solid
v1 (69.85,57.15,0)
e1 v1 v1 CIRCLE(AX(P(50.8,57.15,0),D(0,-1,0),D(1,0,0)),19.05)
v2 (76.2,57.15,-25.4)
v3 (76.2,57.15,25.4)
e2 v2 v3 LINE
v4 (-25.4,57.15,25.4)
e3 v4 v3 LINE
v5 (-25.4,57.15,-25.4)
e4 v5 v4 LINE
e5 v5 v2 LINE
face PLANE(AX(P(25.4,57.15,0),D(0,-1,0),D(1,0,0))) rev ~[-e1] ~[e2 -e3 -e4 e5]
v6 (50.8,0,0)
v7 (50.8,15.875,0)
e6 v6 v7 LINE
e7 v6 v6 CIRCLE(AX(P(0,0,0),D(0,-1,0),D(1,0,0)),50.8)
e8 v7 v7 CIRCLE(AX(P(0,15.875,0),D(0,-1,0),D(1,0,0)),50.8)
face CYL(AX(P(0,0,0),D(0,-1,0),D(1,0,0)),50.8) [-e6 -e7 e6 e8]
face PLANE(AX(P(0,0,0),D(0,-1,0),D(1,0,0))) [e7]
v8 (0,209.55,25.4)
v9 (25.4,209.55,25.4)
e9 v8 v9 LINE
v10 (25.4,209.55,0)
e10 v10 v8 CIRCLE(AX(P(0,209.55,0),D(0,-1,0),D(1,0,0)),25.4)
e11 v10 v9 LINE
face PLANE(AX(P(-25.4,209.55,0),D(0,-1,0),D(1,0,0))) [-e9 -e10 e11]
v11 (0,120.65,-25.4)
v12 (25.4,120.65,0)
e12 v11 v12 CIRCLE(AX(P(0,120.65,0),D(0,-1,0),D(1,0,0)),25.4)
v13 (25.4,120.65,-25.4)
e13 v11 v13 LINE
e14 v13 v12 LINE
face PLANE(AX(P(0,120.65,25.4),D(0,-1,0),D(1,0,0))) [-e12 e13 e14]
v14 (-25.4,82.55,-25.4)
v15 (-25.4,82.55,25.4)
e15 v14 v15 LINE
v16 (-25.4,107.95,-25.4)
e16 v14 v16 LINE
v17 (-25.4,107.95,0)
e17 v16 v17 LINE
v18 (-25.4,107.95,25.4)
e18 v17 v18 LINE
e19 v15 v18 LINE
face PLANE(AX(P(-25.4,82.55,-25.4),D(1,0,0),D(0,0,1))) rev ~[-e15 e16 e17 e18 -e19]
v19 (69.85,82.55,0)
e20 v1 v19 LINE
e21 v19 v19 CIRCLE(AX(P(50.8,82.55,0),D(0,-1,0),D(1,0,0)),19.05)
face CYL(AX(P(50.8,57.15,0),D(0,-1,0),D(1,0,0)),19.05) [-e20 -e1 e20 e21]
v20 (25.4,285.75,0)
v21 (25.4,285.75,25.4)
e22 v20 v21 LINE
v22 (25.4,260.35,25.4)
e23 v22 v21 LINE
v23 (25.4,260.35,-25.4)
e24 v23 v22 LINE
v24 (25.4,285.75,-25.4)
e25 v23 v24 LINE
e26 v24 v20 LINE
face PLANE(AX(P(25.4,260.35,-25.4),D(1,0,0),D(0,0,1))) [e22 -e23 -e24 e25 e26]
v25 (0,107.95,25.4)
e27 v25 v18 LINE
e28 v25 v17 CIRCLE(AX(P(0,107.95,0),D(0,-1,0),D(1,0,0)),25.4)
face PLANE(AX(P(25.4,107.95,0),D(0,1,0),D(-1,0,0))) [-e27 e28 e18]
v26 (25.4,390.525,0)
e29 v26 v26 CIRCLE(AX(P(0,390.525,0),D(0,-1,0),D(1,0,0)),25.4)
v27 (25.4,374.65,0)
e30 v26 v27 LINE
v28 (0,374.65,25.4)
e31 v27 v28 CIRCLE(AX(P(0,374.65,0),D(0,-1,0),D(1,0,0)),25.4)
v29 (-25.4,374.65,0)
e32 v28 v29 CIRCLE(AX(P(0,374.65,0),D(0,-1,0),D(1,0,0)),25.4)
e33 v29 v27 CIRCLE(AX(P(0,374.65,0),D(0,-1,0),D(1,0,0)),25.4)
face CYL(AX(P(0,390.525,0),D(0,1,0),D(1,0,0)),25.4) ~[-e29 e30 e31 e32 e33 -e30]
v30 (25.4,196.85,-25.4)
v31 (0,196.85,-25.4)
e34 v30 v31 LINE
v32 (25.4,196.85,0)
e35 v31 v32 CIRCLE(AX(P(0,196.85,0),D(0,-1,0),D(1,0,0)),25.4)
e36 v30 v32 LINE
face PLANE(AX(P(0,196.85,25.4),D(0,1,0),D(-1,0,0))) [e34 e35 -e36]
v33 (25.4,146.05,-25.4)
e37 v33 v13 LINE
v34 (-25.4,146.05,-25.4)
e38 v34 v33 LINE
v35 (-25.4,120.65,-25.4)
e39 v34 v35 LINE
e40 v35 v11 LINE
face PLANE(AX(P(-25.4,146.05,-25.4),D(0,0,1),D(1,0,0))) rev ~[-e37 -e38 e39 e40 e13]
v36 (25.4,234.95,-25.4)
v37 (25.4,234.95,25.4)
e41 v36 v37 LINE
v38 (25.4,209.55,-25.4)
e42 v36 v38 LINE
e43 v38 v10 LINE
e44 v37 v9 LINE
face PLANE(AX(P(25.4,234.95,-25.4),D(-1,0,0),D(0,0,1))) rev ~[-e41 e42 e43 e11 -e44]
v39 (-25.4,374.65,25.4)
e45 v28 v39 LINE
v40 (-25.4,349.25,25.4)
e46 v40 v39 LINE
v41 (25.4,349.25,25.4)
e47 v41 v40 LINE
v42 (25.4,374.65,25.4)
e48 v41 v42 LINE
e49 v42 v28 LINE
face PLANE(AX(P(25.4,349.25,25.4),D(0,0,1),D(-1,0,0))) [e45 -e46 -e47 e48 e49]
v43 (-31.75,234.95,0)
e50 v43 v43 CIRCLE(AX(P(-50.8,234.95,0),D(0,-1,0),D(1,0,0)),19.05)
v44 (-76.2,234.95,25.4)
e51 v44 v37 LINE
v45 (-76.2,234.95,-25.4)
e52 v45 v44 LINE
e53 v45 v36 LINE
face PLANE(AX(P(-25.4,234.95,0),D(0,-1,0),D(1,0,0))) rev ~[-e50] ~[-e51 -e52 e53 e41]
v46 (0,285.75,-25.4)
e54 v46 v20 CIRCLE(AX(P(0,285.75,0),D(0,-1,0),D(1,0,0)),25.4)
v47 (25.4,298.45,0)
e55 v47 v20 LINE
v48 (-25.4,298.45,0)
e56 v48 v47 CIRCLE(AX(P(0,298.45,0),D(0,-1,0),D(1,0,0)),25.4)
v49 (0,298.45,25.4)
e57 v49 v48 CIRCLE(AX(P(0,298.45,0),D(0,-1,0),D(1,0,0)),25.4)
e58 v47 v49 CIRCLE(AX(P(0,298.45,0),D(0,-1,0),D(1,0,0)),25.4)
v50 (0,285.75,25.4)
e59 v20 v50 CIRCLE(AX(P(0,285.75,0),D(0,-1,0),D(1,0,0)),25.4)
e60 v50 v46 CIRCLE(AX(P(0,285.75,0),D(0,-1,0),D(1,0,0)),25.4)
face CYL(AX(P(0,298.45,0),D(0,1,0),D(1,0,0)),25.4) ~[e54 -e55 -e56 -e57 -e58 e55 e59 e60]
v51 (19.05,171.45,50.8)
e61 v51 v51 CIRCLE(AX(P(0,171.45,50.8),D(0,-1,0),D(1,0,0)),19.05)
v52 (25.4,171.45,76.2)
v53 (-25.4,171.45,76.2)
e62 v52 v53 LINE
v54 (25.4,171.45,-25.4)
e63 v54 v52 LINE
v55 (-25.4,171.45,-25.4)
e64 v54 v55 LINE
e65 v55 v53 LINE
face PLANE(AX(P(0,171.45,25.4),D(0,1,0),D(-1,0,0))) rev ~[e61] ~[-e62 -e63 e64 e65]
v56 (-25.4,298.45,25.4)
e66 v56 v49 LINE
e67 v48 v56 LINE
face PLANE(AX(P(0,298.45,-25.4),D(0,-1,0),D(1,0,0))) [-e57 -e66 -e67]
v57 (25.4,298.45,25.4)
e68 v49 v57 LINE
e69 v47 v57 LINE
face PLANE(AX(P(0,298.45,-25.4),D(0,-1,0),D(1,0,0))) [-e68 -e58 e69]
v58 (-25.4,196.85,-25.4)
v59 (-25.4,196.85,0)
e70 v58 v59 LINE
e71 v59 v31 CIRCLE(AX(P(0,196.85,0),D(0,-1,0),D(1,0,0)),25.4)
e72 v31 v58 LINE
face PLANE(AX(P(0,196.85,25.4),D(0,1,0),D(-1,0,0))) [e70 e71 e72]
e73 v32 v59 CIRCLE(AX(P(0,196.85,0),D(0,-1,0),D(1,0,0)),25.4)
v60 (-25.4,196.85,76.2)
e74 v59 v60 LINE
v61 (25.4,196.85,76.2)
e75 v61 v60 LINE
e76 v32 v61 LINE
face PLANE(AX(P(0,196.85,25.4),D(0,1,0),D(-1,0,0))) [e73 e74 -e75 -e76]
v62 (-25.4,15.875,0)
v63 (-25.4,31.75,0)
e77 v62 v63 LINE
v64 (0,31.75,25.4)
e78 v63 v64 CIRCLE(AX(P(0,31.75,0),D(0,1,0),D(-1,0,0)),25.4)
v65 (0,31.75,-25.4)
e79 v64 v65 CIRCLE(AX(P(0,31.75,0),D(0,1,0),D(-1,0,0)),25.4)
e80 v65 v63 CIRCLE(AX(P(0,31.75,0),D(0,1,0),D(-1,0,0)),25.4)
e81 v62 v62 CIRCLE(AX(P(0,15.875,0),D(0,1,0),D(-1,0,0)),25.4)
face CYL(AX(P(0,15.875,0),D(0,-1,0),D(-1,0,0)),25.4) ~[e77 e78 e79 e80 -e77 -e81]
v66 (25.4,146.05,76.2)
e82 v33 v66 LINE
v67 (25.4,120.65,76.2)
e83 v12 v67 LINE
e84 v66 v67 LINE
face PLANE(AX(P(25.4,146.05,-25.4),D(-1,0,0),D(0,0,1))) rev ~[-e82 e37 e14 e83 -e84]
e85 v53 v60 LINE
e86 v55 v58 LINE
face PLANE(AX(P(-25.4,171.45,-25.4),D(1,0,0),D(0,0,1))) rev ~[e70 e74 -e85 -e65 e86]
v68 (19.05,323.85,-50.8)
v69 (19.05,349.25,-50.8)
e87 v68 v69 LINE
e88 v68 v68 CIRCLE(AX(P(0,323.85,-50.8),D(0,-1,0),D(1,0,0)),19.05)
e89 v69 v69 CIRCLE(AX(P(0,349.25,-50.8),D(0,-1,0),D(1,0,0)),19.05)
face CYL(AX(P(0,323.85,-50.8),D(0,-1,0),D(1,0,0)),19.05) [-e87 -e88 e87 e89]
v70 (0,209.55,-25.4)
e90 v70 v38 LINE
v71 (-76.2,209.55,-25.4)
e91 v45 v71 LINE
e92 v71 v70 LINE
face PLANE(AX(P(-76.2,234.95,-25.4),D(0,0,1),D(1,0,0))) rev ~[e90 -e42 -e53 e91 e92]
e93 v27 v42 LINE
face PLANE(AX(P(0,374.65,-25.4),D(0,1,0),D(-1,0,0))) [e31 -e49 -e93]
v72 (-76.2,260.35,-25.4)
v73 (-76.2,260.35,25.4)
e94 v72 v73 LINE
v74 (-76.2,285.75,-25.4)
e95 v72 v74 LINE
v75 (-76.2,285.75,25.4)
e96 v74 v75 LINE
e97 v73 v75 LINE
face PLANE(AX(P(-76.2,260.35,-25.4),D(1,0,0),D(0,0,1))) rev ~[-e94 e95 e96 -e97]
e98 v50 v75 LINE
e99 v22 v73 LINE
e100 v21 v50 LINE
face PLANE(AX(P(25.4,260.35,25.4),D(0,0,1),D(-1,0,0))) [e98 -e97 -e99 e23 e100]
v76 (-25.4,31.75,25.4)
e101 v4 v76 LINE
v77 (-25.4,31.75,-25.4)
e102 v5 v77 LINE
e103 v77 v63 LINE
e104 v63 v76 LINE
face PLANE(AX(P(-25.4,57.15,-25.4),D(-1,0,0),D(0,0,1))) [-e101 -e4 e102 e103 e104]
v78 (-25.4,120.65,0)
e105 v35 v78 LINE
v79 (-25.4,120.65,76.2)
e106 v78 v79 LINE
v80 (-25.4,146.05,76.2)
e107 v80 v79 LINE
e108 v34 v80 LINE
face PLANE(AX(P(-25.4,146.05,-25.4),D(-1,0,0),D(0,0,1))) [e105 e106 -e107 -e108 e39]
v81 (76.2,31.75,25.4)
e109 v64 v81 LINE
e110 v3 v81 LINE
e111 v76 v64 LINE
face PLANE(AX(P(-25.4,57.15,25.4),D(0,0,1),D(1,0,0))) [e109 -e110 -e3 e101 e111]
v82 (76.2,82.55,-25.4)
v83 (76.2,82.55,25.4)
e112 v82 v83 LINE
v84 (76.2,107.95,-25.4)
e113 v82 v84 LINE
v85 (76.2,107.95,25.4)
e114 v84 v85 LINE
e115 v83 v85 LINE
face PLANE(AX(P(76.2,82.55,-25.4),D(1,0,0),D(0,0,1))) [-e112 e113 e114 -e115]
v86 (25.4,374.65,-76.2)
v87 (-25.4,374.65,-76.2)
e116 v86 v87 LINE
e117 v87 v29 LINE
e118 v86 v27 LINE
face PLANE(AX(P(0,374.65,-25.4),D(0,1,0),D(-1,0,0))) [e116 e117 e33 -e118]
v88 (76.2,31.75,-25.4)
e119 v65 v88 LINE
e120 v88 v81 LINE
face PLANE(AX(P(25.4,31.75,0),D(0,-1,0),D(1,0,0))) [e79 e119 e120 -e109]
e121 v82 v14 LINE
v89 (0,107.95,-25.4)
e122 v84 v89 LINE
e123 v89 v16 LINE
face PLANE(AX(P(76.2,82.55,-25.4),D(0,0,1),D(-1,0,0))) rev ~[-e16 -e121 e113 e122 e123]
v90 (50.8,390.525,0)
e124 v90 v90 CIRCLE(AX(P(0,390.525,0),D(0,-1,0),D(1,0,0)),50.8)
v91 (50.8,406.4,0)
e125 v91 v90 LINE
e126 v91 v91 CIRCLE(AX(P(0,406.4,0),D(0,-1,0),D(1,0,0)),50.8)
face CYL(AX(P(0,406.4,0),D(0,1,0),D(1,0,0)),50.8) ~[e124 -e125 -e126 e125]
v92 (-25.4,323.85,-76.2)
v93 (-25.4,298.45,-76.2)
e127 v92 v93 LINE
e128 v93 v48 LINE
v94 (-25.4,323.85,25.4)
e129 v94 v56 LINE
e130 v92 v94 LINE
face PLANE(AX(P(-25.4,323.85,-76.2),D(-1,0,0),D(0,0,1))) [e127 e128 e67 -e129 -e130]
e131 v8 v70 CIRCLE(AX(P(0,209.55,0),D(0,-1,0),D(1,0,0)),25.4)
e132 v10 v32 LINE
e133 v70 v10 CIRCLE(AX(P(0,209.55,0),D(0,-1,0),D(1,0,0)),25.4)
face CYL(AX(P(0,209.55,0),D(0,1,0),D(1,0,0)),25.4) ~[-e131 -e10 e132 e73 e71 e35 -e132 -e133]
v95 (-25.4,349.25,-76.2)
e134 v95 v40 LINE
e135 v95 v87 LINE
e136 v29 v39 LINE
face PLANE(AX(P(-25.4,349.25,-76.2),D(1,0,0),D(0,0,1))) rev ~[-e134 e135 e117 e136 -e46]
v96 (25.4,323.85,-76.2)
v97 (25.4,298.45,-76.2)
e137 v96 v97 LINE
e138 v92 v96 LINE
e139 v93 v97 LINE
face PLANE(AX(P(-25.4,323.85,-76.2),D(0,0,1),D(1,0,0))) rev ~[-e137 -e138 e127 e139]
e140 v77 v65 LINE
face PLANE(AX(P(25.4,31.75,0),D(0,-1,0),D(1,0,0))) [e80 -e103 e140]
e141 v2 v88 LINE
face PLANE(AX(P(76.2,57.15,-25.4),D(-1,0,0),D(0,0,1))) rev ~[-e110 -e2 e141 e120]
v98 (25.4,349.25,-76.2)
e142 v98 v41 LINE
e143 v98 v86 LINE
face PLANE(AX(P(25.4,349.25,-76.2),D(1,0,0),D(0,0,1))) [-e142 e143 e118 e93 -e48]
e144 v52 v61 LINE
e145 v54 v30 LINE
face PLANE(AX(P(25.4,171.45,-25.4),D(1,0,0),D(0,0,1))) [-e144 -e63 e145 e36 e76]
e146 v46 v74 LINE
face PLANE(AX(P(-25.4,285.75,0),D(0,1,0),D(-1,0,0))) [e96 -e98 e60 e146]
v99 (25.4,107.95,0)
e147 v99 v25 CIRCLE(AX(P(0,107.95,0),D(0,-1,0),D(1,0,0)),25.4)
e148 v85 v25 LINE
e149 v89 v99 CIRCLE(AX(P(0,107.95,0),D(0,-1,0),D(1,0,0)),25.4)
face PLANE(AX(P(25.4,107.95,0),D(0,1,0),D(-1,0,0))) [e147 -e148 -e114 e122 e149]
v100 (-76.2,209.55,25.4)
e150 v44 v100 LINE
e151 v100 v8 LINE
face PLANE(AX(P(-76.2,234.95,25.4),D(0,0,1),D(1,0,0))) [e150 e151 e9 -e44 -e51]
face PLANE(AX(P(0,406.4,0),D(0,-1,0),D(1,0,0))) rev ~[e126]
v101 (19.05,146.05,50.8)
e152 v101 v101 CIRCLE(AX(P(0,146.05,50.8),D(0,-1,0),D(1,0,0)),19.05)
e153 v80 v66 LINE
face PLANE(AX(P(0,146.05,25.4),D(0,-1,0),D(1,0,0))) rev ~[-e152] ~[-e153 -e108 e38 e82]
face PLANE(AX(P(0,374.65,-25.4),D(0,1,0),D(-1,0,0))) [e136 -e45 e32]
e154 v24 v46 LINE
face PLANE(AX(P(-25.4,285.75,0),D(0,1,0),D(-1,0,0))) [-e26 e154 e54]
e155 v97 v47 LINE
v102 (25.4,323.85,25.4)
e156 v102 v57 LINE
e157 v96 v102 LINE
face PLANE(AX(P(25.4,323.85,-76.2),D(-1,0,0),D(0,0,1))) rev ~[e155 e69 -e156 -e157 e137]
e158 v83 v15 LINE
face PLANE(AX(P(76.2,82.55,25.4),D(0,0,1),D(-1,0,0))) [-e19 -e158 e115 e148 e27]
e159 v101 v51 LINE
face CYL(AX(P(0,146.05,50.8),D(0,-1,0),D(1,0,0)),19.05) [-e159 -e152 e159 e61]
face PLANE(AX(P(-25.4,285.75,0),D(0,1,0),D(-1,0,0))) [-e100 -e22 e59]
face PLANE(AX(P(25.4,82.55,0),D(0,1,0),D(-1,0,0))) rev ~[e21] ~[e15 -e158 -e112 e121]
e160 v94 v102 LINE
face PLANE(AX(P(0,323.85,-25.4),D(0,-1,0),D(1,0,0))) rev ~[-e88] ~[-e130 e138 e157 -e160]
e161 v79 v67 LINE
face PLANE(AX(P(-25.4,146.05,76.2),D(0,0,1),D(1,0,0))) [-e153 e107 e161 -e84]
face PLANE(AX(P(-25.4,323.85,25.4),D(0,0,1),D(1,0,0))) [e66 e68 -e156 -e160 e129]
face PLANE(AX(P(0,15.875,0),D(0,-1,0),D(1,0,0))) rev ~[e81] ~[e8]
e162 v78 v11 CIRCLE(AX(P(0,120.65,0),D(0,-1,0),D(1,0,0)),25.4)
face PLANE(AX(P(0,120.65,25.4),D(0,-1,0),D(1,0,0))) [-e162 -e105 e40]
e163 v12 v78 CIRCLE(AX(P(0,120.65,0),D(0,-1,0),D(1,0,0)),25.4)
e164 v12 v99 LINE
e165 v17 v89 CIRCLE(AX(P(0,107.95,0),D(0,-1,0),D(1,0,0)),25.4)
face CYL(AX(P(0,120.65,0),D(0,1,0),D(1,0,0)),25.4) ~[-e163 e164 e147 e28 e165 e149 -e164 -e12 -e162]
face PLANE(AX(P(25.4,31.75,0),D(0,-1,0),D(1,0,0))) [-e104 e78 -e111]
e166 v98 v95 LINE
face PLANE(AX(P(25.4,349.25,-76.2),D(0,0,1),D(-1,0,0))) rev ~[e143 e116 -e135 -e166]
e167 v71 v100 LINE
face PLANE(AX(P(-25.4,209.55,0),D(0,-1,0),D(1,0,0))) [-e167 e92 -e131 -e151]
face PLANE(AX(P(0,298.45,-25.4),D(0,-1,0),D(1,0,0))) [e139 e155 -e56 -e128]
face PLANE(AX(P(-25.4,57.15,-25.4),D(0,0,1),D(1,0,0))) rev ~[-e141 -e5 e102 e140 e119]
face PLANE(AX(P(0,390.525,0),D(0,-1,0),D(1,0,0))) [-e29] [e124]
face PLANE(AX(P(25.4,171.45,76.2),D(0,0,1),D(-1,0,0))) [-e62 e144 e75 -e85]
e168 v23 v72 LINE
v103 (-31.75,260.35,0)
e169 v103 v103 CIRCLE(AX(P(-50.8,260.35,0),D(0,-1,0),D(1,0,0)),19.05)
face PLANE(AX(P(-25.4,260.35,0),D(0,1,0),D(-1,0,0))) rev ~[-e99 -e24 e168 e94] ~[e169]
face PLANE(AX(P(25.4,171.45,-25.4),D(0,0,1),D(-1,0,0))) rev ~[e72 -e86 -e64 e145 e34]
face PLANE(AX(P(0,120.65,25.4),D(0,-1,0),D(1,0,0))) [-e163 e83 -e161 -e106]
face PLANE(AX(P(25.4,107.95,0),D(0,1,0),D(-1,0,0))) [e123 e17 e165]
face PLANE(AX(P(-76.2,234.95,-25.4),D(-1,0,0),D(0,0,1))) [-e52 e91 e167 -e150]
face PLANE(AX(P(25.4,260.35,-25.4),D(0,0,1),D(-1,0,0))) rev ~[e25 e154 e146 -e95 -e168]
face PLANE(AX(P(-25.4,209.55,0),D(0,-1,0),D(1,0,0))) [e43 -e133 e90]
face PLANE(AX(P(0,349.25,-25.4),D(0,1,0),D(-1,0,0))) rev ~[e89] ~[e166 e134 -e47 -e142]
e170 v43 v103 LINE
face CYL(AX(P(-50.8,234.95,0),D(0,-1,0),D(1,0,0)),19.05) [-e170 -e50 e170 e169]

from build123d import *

# Parameters (mm, degrees)
F5_R      = 50.8
F6_DEPTH  = 15.875
F7_R      = 50.8
F8_DEPTH  = 15.875
F9_R      = 19.05
F10_DEPTH = 25.4
F11_R     = 19.05
F12_DEPTH = 25.4
F13_R     = 19.05
F14_DEPTH = 25.4
F15_R     = 19.05
F16_DEPTH = 25.4
F17_W     = 50.8
F17_H     = 101.6
F18_DEPTH = 25.4
F19_W     = 50.8
F19_H     = 101.6
F20_DEPTH = 25.4
F21_W     = 101.6
F21_H     = 50.8
F22_DEPTH = 25.4
F23_W     = 101.6
F23_H     = 50.8
F24_DEPTH = 25.4
F25_W     = 50.8
F25_H     = 101.6
F26_DEPTH = 25.4
F27_W     = 50.8
F27_H     = 101.6
F28_DEPTH = 25.4
F29_W     = 101.6
F29_H     = 50.8
F30_DEPTH = 25.4
F31_W     = 101.6
F31_H     = 50.8
F32_DEPTH = 25.4
F33_R     = 25.4
F34_DEPTH = 15.875
F35_R     = 25.4
F36_DEPTH = 12.7
F37_R     = 25.4
F38_DEPTH = 12.7
F39_R     = 25.4
F40_DEPTH = 12.7
F41_R     = 25.4
F42_DEPTH = 15.875


with BuildPart() as f6:
    # F5 (on offset) → F6 (new body)
    with BuildSketch(Plane.XZ.offset(-406.4)):
        Circle(F5_R)
    extrude(amount=F6_DEPTH)



with BuildPart() as f8:
    # F7 (on Front) → F8 (new body)
    with BuildSketch(Plane.XZ):
        Circle(F7_R)
    extrude(amount=-F8_DEPTH)



with BuildPart() as f10:
    # F9 (on offset) → F10 (new body)
    with BuildSketch(Plane.XZ.offset(-57.15)):
        with Locations((50.8, 0)):
            Circle(F9_R)
    extrude(amount=-F10_DEPTH)

    # F29 (on face) → F30 (join)
    with BuildSketch(Plane.XZ.offset(-57.15)):
        with Locations((25.4, 0)):
            Rectangle(F29_W, F29_H)
    extrude(amount=F30_DEPTH)

    # F31 (on face) → F32 (join)
    with BuildSketch(Plane(origin=(0, 82.55, 0), x_dir=(-1, 0, 0), z_dir=(0, 1, 0))):
        with Locations((-25.4, 0)):
            Rectangle(F31_W, F31_H)
    extrude(amount=F32_DEPTH)


with BuildPart() as f12:
    # F11 (on offset) → F12 (new body)
    with BuildSketch(Plane.XZ.offset(-146.05)):
        with Locations((0, 50.8)):
            Circle(F11_R)
    extrude(amount=-F12_DEPTH)

    # F25 (on face) → F26 (join)
    with BuildSketch(Plane.XZ.offset(-146.05)):
        with Locations((0, 25.4)):
            Rectangle(F25_W, F25_H)
    extrude(amount=F26_DEPTH)

    # F27 (on face) → F28 (join)
    with BuildSketch(Plane(origin=(0, 171.45, 0), x_dir=(-1, 0, 0), z_dir=(0, 1, 0))):
        with Locations((0, 25.4)):
            Rectangle(F27_W, F27_H)
    extrude(amount=F28_DEPTH)


with BuildPart() as f14:
    # F13 (on offset) → F14 (new body)
    with BuildSketch(Plane.XZ.offset(-234.95)):
        with Locations((-50.8, 0)):
            Circle(F13_R)
    extrude(amount=-F14_DEPTH)

    # F21 (on face) → F22 (join)
    with BuildSketch(Plane.XZ.offset(-234.95)):
        with Locations((-25.4, 0)):
            Rectangle(F21_W, F21_H)
    extrude(amount=F22_DEPTH)

    # F23 (on face) → F24 (join)
    with BuildSketch(Plane(origin=(0, 260.35, 0), x_dir=(-1, 0, 0), z_dir=(0, 1, 0))):
        with Locations((25.4, 0)):
            Rectangle(F23_W, F23_H)
    extrude(amount=F24_DEPTH)


with BuildPart() as f16:
    # F15 (on offset) → F16 (new body)
    with BuildSketch(Plane.XZ.offset(-323.85)):
        with Locations((0, -50.8)):
            Circle(F15_R)
    extrude(amount=-F16_DEPTH)

    # F17 (on face) → F18 (join)
    with BuildSketch(Plane.XZ.offset(-323.85)):
        with Locations((0, -25.4)):
            Rectangle(F17_W, F17_H)
    extrude(amount=F18_DEPTH)

    # F19 (on face) → F20 (join)
    with BuildSketch(Plane(origin=(0, 349.25, 0), x_dir=(-1, 0, 0), z_dir=(0, 1, 0))):
        with Locations((0, -25.4)):
            Rectangle(F19_W, F19_H)
    extrude(amount=F20_DEPTH)


with BuildPart() as f8_1:
    add(f8.part)

    add(f10.part)  # F34 merges F10
    # F33 (on face) → F34 (join, through all)
    with BuildSketch(Plane(origin=(0, 15.875, 0), x_dir=(-1, 0, 0), z_dir=(0, 1, 0))):
        Circle(F33_R)
    extrude(amount=F34_DEPTH)


    add(f12.part)  # F36 merges F12
    # F35 (on face) → F36 (join, through all)
    with BuildSketch(Plane.XZ.offset(-120.65)):
        Circle(F35_R)
    extrude(amount=F36_DEPTH)


    add(f14.part)  # F38 merges F14
    # F37 (on face) → F38 (join, through all)
    with BuildSketch(Plane.XZ.offset(-209.55)):
        Circle(F37_R)
    extrude(amount=F38_DEPTH)


    add(f16.part)  # F40 merges F16
    # F39 (on face) → F40 (join, through all)
    with BuildSketch(Plane.XZ.offset(-298.45)):
        Circle(F39_R)
    extrude(amount=F40_DEPTH)


with BuildPart() as f6_1:
    add(f6.part)

    add(f8_1.part)  # F42 merges F8
    # F41 (on face) → F42 (join, through all)
    with BuildSketch(Plane.XZ.offset(-390.525)):
        Circle(F41_R)
    extrude(amount=F42_DEPTH)


solid = f6_1.part
